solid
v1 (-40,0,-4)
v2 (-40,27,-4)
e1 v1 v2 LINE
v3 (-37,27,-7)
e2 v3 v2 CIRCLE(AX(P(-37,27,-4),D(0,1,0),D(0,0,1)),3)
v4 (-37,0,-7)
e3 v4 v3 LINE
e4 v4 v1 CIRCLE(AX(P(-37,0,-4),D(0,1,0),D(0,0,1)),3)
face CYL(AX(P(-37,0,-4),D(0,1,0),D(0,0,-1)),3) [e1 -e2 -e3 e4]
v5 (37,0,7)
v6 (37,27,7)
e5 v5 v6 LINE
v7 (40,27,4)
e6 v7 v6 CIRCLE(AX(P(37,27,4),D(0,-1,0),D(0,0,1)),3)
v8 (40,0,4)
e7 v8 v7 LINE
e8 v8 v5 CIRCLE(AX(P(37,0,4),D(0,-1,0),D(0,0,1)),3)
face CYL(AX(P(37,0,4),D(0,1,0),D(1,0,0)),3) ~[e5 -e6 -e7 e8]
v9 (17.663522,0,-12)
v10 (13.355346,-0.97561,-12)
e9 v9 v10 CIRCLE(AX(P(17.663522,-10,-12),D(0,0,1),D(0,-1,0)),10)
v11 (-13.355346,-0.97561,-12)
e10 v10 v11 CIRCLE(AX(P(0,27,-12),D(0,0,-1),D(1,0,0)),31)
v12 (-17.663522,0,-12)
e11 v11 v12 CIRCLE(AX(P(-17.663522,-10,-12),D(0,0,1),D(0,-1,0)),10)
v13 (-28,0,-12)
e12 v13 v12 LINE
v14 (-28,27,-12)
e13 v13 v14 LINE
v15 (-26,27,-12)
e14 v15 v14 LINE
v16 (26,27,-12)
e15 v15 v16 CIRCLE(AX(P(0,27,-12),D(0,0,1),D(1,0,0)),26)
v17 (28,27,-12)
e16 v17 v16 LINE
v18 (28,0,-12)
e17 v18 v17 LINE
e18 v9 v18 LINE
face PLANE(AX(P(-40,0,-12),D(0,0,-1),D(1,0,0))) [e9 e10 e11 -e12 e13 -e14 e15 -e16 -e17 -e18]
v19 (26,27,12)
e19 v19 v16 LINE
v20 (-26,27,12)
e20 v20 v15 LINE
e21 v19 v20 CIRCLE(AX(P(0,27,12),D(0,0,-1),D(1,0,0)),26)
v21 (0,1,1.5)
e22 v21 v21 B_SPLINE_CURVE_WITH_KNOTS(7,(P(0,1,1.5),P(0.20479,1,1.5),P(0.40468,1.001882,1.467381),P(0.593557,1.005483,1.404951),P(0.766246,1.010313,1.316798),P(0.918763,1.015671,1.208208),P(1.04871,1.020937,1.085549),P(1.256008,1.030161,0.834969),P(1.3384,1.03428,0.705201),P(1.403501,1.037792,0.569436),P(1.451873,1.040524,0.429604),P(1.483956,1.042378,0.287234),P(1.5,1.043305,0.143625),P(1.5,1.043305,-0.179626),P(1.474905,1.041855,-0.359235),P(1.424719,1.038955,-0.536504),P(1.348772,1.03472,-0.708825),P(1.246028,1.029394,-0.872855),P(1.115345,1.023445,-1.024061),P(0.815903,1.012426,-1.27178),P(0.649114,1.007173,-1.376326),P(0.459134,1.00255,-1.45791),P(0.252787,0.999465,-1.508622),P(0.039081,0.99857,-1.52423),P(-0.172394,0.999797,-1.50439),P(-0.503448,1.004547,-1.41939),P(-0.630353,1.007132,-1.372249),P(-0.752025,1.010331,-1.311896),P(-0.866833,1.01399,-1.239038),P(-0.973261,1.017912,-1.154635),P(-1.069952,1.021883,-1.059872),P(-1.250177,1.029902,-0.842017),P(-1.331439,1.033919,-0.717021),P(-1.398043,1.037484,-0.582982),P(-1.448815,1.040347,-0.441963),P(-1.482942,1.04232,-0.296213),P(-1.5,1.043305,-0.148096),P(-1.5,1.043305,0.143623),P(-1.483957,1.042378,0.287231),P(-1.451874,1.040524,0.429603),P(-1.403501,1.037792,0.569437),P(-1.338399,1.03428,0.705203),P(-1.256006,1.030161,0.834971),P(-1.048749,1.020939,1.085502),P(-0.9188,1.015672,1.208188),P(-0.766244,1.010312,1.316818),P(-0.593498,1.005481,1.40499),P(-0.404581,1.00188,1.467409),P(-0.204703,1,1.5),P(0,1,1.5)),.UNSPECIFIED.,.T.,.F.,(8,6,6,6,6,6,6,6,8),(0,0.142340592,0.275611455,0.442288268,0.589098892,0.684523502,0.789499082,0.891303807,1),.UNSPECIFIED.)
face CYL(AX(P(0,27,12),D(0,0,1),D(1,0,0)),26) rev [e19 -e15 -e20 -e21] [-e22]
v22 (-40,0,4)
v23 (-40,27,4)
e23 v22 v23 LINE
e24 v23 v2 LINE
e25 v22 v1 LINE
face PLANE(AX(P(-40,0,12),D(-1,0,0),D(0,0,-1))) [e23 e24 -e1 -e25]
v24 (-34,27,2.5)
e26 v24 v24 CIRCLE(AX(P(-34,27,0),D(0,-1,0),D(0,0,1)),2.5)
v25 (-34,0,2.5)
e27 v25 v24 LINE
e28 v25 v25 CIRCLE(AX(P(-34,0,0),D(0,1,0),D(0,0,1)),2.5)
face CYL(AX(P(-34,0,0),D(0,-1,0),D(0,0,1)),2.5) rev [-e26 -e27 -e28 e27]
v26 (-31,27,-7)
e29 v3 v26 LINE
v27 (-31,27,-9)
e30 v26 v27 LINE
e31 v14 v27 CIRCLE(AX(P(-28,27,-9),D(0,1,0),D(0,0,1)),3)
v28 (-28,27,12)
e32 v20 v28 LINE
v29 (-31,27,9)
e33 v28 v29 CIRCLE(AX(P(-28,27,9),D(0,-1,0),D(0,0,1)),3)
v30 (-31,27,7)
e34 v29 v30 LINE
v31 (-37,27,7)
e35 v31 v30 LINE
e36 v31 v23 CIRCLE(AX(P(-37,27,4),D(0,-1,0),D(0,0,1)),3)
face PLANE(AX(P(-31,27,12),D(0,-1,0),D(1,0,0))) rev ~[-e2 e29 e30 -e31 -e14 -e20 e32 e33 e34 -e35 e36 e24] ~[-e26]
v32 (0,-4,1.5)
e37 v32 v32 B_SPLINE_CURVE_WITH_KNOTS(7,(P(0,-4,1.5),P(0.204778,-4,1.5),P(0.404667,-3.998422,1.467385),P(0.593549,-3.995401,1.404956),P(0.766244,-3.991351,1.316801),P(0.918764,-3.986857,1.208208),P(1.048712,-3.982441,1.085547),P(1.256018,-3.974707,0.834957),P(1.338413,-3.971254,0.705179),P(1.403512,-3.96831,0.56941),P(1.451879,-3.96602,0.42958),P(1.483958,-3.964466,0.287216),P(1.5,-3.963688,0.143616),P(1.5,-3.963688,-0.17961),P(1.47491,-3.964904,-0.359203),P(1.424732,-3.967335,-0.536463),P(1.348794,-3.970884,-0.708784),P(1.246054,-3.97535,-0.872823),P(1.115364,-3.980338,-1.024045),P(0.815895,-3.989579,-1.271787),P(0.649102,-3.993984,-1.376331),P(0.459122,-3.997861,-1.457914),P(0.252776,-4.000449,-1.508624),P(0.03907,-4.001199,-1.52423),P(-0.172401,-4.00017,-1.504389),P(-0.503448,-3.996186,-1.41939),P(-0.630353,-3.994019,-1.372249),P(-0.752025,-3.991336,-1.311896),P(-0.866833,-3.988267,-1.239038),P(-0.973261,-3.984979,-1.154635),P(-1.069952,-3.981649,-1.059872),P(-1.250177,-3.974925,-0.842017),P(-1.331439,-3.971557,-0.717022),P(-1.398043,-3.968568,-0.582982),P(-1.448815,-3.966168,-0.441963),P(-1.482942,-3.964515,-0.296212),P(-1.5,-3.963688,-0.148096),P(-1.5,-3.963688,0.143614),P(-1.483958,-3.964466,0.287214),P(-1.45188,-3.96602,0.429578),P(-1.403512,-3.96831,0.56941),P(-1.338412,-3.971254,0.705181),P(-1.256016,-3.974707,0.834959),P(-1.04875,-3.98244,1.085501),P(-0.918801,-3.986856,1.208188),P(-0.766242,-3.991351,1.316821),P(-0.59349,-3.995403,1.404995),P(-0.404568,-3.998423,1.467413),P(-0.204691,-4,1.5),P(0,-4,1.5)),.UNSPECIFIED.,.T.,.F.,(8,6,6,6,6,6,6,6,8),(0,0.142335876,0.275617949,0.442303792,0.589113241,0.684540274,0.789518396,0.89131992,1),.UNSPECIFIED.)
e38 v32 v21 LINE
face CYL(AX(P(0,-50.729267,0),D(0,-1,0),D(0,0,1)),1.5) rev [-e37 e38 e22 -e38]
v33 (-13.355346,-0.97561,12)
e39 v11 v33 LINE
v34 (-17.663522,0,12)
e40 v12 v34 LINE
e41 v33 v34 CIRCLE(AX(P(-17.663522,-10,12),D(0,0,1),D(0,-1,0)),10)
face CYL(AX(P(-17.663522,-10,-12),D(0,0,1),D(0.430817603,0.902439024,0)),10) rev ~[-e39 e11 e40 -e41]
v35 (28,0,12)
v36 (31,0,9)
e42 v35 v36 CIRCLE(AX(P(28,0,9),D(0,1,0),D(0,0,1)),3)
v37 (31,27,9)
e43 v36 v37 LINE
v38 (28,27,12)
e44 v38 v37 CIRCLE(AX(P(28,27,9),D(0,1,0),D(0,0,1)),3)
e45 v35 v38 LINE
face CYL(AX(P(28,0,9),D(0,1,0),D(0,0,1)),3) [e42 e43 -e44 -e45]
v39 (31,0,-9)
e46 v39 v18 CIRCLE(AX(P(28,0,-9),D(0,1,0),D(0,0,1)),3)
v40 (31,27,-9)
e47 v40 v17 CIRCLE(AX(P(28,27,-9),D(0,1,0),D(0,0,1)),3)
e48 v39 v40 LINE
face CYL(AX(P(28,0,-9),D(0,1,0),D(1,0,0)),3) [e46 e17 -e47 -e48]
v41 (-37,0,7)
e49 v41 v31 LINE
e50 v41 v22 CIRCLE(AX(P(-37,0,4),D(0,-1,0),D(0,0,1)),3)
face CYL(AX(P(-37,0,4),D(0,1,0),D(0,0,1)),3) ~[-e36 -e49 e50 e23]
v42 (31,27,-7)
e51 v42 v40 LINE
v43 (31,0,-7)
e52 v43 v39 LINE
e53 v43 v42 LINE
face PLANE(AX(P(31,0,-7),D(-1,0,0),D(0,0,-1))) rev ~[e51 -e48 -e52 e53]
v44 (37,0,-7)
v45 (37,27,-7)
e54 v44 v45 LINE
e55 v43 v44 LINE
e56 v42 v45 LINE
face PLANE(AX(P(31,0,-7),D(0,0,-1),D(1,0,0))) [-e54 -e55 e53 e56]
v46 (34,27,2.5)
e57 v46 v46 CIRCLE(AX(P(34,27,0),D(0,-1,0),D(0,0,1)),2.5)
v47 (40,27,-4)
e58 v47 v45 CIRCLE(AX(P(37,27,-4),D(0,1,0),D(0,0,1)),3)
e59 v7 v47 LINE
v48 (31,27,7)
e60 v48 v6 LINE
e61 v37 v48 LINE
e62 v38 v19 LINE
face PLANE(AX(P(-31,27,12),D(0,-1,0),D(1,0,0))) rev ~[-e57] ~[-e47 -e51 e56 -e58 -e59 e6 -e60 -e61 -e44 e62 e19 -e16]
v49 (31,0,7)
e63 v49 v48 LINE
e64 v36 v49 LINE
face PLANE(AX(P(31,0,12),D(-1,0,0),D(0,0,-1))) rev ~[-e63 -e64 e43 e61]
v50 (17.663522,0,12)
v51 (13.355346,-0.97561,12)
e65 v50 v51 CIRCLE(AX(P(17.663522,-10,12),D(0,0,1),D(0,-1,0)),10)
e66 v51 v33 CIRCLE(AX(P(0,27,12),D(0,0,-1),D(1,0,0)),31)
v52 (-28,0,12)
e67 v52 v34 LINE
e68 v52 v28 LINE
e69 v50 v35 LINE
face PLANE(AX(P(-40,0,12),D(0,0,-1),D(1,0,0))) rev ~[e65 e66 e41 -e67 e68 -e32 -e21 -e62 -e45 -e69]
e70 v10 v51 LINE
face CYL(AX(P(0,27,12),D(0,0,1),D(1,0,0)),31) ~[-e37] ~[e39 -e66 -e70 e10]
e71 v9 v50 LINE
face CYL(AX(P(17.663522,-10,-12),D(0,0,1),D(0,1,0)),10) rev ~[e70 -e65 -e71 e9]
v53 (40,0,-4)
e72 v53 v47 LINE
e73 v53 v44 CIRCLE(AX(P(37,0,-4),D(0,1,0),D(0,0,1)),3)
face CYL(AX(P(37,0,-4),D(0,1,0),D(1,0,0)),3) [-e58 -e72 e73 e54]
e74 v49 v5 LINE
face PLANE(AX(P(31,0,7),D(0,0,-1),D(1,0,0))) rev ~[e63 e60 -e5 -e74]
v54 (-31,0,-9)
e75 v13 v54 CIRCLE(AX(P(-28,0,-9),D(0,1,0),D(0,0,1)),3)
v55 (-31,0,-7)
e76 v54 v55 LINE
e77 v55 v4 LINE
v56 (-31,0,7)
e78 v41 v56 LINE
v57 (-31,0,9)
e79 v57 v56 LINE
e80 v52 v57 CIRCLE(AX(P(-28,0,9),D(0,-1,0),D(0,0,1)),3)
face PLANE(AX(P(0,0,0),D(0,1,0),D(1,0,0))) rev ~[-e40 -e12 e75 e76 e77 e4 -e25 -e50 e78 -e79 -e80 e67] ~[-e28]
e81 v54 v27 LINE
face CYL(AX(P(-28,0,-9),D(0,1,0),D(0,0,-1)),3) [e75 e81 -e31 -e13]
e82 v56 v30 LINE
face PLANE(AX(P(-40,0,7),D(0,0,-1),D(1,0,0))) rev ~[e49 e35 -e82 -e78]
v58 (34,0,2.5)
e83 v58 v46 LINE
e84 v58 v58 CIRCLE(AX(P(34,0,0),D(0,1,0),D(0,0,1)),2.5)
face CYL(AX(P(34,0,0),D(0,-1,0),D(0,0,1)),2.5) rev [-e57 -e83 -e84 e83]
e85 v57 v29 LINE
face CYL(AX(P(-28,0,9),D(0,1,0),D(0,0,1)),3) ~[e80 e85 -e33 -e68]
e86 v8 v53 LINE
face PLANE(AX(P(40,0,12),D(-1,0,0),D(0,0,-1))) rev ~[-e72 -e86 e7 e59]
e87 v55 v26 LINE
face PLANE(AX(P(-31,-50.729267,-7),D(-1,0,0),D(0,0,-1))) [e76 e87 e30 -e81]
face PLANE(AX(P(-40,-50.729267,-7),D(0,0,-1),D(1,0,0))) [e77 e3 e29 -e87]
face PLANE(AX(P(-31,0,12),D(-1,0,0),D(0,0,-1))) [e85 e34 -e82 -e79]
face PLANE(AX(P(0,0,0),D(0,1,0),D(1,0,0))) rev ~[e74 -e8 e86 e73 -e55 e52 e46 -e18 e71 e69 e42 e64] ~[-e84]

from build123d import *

# Parameters (mm, degrees)
SKETCH_1_W               = 80
SKETCH_1_H               = 24
EXTRUDE_1_DEPTH          = 27
EXTRUDE_3_DEPTH          = 24
CUT_EXTRUDE_1_DEPTH      = 54.898051913
CUT_EXTRUDE_3_DEPTH      = 50.729267037
CUT_EXTRUDE_3_DEPTH_BACK = 50.729267037
SKETCH_4_R               = 1.5
CUT_EXTRUDE_4_DEPTH      = 50.729267115
CUT_EXTRUDE_4_DEPTH_BACK = 50.729267115
SKETCH_5_W               = 9
SKETCH_5_H               = 5
SKETCH_6_W               = 9
SKETCH_6_H               = 5
CUT_EXTRUDE_7_DEPTH      = 50.729267115
SKETCH_7_W               = 9
SKETCH_7_H               = 5
CUT_EXTRUDE_8_DEPTH      = 50.729267115
SKETCH_8_W               = 9
SKETCH_8_H               = 5
CUT_EXTRUDE_9_DEPTH      = 50.729267115
SKETCH_9_R               = 2.5
CUT_EXTRUDE_12_DEPTH     = 50.729267115
SKETCH_11_R              = 2.5
CUT_EXTRUDE_13_DEPTH     = 50.729267115
FILLET_1_R               = 3
FILLET_2_R               = 10


with BuildPart() as part:
    # 草图1 → 凸台-拉伸1 (new body)
    with BuildSketch(Plane(origin=(0, 0, 0), x_dir=(1, 0, 0), z_dir=(0, 1, 0))):
        Rectangle(SKETCH_1_W, SKETCH_1_H)
    extrude(amount=EXTRUDE_1_DEPTH)

    # 草图2 → 凸台-拉伸3 (add, through all)
    with BuildSketch(Plane.XY.offset(12)):
        with BuildLine():
            Line((-31, 27), (31, 27))
            ThreePointArc((31, 27), (0, -4), (-31, 27))
        make_face()
    extrude(amount=-EXTRUDE_3_DEPTH)

    # 草图3 → 切除-拉伸1 (cut, through all)
    with BuildSketch(Plane.XY.offset(12)):
        with BuildLine():
            Line((-26, 27), (26, 27))
            ThreePointArc((26, 27), (0, 1), (-26, 27))
        make_face()
    extrude(amount=-CUT_EXTRUDE_1_DEPTH, mode=Mode.SUBTRACT)

    # 草图4 → 切除-拉伸3 (cut, two sides: drawn at the far end of the back side and taken through both)
    with BuildSketch(Plane(origin=(0, 0, 0), x_dir=(1, 0, 0), z_dir=(0, 1, 0)).offset(-CUT_EXTRUDE_3_DEPTH_BACK)):
        with Locations(Location((0, 0, 0), (0, 0, 270))):
            Circle(SKETCH_4_R)
    extrude(amount=CUT_EXTRUDE_3_DEPTH + CUT_EXTRUDE_3_DEPTH_BACK, mode=Mode.SUBTRACT)

    # 草图5 → 切除-拉伸4 (cut, two sides: drawn at the far end of the back side and taken through both)
    with BuildSketch(Plane(origin=(0, 0, 0), x_dir=(1, 0, 0), z_dir=(0, 1, 0)).offset(-CUT_EXTRUDE_4_DEPTH_BACK)):
        with Locations((-35.5, 9.5)):
            Rectangle(SKETCH_5_W, SKETCH_5_H)
    extrude(amount=CUT_EXTRUDE_4_DEPTH + CUT_EXTRUDE_4_DEPTH_BACK, mode=Mode.SUBTRACT)

    # 草图6 → 切除-拉伸7 (cut, through all)
    with BuildSketch(Plane(origin=(0, 0, 0), x_dir=(1, 0, 0), z_dir=(0, 1, 0))):
        with Locations((-35.5, -9.5)):
            Rectangle(SKETCH_6_W, SKETCH_6_H)
    extrude(amount=CUT_EXTRUDE_7_DEPTH, mode=Mode.SUBTRACT)

    # 草图7 → 切除-拉伸8 (cut, through all)
    with BuildSketch(Plane(origin=(0, 0, 0), x_dir=(1, 0, 0), z_dir=(0, 1, 0))):
        with Locations((35.5, 9.5)):
            Rectangle(SKETCH_7_W, SKETCH_7_H)
    extrude(amount=CUT_EXTRUDE_8_DEPTH, mode=Mode.SUBTRACT)

    # 草图8 → 切除-拉伸9 (cut, through all)
    with BuildSketch(Plane(origin=(0, 0, 0), x_dir=(1, 0, 0), z_dir=(0, 1, 0))):
        with Locations((35.5, -9.5)):
            Rectangle(SKETCH_8_W, SKETCH_8_H)
    extrude(amount=CUT_EXTRUDE_9_DEPTH, mode=Mode.SUBTRACT)

    # 草图9 → 切除-拉伸12 (cut, through all)
    with BuildSketch(Plane(origin=(0, 0, 0), x_dir=(1, 0, 0), z_dir=(0, 1, 0))):
        with Locations(Location((-34, 0, 0), (0, 0, 270))):
            Circle(SKETCH_9_R)
    extrude(amount=CUT_EXTRUDE_12_DEPTH, mode=Mode.SUBTRACT)

    # 草图11 → 切除-拉伸13 (cut, through all)
    with BuildSketch(Plane(origin=(0, 0, 0), x_dir=(1, 0, 0), z_dir=(0, 1, 0))):
        with Locations(Location((34, 0, 0), (0, 0, 270))):
            Circle(SKETCH_11_R)
    extrude(amount=CUT_EXTRUDE_13_DEPTH, mode=Mode.SUBTRACT)

    # 圆角1
    fillet_1_edges = [part.edges().sort_by_distance(p)[0] for p in [
        (40, 13.5, 7),
        (31, 13.5, 12),
        (-40, 13.5, -7),
        (-31, 13.5, -12),
        (-40, 13.5, 7),
        (-31, 13.5, 12),
        (40, 13.5, -7),
        (31, 13.5, -12),
    ]]
    fillet(fillet_1_edges, radius=FILLET_1_R)

    # 圆角2
    fillet_2_edges = [part.edges().sort_by_distance(p)[0] for p in [
        (-15.231546212, 0, 0),
        (15.231546212, 0, 0),
    ]]
    fillet(fillet_2_edges, radius=FILLET_2_R)


solid = part.part
